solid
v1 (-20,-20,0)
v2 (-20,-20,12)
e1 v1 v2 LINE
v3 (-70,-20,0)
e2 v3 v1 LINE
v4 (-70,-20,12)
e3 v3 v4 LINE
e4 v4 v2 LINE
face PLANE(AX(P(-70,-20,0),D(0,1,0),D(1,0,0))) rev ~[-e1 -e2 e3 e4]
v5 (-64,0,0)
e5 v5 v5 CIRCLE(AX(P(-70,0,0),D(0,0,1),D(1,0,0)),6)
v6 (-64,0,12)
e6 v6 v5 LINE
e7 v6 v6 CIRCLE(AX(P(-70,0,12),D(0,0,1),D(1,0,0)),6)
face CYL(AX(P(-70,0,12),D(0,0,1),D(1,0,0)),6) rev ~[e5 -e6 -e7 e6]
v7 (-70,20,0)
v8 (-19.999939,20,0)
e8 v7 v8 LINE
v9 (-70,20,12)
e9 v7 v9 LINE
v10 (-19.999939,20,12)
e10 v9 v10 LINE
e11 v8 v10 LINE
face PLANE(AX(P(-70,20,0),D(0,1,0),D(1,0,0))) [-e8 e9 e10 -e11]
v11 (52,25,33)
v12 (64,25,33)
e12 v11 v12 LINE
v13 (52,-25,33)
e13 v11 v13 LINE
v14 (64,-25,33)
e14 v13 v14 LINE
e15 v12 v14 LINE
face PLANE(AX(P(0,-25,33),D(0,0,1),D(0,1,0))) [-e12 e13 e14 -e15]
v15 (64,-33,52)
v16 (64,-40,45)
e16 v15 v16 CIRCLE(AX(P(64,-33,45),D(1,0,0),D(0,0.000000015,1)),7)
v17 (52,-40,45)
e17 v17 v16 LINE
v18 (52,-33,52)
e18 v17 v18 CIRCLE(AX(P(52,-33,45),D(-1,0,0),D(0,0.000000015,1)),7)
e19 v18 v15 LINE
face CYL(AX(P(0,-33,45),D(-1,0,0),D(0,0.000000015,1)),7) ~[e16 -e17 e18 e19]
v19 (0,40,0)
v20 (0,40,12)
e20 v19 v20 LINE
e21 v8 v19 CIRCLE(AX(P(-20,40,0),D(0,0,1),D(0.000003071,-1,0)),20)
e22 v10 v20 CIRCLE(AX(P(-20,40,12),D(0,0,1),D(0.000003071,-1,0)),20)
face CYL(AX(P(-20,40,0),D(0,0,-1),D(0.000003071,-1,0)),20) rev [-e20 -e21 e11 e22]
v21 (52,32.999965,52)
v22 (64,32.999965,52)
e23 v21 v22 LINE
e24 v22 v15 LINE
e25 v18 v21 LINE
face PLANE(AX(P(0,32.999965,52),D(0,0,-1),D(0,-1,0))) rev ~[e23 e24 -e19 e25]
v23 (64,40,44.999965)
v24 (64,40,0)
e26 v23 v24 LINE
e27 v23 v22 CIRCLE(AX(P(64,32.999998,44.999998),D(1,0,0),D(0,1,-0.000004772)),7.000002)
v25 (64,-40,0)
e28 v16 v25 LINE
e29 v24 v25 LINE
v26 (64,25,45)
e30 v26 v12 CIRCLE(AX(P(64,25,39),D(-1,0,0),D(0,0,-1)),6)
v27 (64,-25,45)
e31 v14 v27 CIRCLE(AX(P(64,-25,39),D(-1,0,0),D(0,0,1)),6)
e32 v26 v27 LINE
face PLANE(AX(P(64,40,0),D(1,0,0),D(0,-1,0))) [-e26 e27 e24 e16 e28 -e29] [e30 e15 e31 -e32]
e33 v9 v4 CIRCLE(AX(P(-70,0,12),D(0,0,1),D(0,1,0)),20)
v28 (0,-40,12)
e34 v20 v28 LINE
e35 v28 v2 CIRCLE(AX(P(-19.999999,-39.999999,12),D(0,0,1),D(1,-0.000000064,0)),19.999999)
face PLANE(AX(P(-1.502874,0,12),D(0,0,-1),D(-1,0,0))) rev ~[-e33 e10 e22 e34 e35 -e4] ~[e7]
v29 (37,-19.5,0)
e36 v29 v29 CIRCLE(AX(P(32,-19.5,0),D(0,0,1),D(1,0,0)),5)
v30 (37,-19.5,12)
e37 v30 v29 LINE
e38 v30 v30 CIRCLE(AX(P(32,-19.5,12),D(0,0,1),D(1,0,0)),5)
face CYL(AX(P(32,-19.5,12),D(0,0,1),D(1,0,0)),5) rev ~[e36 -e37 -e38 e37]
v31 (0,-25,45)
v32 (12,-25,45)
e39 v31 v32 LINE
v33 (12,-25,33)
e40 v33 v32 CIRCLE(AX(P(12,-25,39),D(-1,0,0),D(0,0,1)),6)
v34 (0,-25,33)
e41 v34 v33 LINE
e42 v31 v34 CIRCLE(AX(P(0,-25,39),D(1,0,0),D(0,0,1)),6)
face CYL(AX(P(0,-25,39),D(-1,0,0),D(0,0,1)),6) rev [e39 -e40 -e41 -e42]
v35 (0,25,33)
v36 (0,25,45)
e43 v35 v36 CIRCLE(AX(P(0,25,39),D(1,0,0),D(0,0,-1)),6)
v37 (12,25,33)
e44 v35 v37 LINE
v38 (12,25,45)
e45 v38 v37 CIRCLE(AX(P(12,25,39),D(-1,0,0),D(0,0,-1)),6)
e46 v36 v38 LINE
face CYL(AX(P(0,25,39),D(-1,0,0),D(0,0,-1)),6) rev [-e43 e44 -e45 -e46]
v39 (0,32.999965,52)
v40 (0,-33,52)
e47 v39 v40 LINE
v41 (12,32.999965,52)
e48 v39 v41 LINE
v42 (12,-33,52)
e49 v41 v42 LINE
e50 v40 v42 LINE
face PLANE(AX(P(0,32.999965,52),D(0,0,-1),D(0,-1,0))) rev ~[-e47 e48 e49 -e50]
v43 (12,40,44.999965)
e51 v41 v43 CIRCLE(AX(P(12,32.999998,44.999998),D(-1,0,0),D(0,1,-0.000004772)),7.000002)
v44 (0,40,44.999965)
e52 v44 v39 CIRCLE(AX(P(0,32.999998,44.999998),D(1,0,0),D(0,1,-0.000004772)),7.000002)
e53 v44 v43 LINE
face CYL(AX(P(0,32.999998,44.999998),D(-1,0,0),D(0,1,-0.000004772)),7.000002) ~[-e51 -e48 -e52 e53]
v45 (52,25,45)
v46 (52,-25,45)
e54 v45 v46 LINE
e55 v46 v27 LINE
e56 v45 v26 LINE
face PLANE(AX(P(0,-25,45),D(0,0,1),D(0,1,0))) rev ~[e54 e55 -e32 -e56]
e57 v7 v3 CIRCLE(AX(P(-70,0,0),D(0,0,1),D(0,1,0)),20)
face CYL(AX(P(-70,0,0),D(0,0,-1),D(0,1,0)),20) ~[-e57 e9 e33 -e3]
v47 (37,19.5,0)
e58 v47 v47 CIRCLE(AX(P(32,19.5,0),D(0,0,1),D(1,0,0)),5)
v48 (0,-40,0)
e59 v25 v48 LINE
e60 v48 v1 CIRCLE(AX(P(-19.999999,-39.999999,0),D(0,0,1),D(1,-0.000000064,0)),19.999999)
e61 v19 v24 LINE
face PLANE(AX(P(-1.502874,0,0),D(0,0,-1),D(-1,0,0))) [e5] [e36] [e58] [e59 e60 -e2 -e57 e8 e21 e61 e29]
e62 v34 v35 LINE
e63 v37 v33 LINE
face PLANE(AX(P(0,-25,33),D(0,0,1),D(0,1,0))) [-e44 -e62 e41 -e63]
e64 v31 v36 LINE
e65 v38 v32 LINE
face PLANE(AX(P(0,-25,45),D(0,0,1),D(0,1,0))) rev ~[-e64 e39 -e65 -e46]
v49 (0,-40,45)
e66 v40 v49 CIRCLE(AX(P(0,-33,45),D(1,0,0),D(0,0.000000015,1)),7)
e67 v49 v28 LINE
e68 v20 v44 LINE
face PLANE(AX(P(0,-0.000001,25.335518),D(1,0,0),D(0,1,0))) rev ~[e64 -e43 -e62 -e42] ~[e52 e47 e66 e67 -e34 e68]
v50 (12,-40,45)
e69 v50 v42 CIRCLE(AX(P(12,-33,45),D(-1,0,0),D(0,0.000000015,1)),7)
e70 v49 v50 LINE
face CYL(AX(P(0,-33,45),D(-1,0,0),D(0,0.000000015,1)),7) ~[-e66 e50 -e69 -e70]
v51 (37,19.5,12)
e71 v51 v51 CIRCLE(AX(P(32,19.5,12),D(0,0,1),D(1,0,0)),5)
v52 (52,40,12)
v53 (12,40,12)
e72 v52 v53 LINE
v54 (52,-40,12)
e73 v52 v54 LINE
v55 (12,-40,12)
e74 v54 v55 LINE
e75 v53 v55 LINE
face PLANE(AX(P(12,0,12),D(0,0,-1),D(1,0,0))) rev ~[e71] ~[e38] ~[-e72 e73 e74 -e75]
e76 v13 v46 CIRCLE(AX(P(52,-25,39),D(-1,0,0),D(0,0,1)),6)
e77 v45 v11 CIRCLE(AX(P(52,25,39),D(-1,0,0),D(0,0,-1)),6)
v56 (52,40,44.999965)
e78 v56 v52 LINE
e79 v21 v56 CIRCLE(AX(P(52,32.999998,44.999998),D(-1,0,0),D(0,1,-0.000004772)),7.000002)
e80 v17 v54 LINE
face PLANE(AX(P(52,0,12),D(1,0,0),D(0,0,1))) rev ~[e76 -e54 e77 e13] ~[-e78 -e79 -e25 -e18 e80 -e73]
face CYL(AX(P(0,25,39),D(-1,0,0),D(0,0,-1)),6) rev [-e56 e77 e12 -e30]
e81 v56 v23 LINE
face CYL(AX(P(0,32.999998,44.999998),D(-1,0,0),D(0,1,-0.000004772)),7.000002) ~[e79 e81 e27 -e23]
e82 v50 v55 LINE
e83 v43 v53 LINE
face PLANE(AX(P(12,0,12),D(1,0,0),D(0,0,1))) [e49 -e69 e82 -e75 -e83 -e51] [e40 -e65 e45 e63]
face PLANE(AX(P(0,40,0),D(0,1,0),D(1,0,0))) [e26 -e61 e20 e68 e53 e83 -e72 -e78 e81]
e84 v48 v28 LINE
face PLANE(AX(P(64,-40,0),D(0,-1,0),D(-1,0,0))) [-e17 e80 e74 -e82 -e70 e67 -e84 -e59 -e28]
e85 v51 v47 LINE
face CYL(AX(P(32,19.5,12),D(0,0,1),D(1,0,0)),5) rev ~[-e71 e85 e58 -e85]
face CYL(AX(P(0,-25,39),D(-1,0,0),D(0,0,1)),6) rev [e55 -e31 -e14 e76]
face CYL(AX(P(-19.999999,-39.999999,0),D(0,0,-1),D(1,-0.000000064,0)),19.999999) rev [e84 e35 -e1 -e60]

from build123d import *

# Parameters (mm, degrees)
PAD_DEPTH            = 12
SKETCH001_R          = 6
POCKET_DEPTH         = 12.001
PAD001_DEPTH         = 64
SKETCH003_W          = 40
SKETCH003_H          = 40
POCKET001_DEPTH      = 40.001
POCKET001_DEPTH_BACK = -40.001
POCKET002_DEPTH      = 64.001
SKETCH005_R          = 5
POCKET003_DEPTH      = 12.001


with BuildPart() as part:
    # Sketch → Pad (new body)
    with BuildSketch(Plane.XY):
        with BuildLine():
            Line((0, 40), (64, 40))
            Line((64, 40), (64, -40))
            Line((64, -40), (0, -40))
            ThreePointArc((0, -40), (-5.857864, -25.857864), (-20, -20))
            Line((-70, -20), (-20, -20))
            ThreePointArc((-70, 20), (-90, 0), (-70, -20))
            Line((-70, 20), (-19.999939, 20))
            ThreePointArc((-19.999939, 20), (-5.857843, 25.857886), (0, 40))
        make_face()
    extrude(amount=PAD_DEPTH)

    # Sketch001 (on DatumPlane) → Pocket (cut, through all)
    with BuildSketch(Plane.XY.offset(12)):
        with Locations((-70, 0)):
            Circle(SKETCH001_R)
    extrude(amount=-POCKET_DEPTH, mode=Mode.SUBTRACT)

    # Sketch002 → Pad001 (join)
    with BuildSketch(Plane.YZ):
        with BuildLine():
            Line((-40, 0), (40, 0))
            Line((40, 0), (40, 44.999965))
            ThreePointArc((40, 44.999965), (37.949747, 49.949747), (32.999965, 52))
            Line((32.999965, 52), (-33, 52))
            ThreePointArc((-33, 52), (-37.949747, 49.949748), (-40, 45))
            Line((-40, 45), (-40, 0))
        make_face()
    extrude(amount=PAD001_DEPTH)

    # Sketch003 → Pocket001 (cut, two sides)
    with BuildSketch(Plane.XZ) as pocket001_sk:
        with Locations((32, 32)):
            Rectangle(SKETCH003_W, SKETCH003_H)
    extrude(amount=-POCKET001_DEPTH, mode=Mode.SUBTRACT)
    extrude(pocket001_sk.sketch, amount=-POCKET001_DEPTH_BACK, mode=Mode.SUBTRACT)

    # Sketch004 → Pocket002 (cut, through all)
    with BuildSketch(Plane.YZ):
        with BuildLine():
            ThreePointArc((-25, 45), (-31, 39), (-25, 33))
            Line((-25, 33), (25, 33))
            ThreePointArc((25, 33), (31, 39), (25, 45))
            Line((-25, 45), (25, 45))
        make_face()
    extrude(amount=POCKET002_DEPTH, mode=Mode.SUBTRACT)

    # Sketch005 (on DatumPlane) → Pocket003 (cut, through all)
    with BuildSketch(Plane.XY.offset(12)):
        with Locations((32, 19.5)):
            Circle(SKETCH005_R)
        with Locations((32, -19.5)):
            Circle(SKETCH005_R)
    extrude(amount=-POCKET003_DEPTH, mode=Mode.SUBTRACT)


solid = part.part
